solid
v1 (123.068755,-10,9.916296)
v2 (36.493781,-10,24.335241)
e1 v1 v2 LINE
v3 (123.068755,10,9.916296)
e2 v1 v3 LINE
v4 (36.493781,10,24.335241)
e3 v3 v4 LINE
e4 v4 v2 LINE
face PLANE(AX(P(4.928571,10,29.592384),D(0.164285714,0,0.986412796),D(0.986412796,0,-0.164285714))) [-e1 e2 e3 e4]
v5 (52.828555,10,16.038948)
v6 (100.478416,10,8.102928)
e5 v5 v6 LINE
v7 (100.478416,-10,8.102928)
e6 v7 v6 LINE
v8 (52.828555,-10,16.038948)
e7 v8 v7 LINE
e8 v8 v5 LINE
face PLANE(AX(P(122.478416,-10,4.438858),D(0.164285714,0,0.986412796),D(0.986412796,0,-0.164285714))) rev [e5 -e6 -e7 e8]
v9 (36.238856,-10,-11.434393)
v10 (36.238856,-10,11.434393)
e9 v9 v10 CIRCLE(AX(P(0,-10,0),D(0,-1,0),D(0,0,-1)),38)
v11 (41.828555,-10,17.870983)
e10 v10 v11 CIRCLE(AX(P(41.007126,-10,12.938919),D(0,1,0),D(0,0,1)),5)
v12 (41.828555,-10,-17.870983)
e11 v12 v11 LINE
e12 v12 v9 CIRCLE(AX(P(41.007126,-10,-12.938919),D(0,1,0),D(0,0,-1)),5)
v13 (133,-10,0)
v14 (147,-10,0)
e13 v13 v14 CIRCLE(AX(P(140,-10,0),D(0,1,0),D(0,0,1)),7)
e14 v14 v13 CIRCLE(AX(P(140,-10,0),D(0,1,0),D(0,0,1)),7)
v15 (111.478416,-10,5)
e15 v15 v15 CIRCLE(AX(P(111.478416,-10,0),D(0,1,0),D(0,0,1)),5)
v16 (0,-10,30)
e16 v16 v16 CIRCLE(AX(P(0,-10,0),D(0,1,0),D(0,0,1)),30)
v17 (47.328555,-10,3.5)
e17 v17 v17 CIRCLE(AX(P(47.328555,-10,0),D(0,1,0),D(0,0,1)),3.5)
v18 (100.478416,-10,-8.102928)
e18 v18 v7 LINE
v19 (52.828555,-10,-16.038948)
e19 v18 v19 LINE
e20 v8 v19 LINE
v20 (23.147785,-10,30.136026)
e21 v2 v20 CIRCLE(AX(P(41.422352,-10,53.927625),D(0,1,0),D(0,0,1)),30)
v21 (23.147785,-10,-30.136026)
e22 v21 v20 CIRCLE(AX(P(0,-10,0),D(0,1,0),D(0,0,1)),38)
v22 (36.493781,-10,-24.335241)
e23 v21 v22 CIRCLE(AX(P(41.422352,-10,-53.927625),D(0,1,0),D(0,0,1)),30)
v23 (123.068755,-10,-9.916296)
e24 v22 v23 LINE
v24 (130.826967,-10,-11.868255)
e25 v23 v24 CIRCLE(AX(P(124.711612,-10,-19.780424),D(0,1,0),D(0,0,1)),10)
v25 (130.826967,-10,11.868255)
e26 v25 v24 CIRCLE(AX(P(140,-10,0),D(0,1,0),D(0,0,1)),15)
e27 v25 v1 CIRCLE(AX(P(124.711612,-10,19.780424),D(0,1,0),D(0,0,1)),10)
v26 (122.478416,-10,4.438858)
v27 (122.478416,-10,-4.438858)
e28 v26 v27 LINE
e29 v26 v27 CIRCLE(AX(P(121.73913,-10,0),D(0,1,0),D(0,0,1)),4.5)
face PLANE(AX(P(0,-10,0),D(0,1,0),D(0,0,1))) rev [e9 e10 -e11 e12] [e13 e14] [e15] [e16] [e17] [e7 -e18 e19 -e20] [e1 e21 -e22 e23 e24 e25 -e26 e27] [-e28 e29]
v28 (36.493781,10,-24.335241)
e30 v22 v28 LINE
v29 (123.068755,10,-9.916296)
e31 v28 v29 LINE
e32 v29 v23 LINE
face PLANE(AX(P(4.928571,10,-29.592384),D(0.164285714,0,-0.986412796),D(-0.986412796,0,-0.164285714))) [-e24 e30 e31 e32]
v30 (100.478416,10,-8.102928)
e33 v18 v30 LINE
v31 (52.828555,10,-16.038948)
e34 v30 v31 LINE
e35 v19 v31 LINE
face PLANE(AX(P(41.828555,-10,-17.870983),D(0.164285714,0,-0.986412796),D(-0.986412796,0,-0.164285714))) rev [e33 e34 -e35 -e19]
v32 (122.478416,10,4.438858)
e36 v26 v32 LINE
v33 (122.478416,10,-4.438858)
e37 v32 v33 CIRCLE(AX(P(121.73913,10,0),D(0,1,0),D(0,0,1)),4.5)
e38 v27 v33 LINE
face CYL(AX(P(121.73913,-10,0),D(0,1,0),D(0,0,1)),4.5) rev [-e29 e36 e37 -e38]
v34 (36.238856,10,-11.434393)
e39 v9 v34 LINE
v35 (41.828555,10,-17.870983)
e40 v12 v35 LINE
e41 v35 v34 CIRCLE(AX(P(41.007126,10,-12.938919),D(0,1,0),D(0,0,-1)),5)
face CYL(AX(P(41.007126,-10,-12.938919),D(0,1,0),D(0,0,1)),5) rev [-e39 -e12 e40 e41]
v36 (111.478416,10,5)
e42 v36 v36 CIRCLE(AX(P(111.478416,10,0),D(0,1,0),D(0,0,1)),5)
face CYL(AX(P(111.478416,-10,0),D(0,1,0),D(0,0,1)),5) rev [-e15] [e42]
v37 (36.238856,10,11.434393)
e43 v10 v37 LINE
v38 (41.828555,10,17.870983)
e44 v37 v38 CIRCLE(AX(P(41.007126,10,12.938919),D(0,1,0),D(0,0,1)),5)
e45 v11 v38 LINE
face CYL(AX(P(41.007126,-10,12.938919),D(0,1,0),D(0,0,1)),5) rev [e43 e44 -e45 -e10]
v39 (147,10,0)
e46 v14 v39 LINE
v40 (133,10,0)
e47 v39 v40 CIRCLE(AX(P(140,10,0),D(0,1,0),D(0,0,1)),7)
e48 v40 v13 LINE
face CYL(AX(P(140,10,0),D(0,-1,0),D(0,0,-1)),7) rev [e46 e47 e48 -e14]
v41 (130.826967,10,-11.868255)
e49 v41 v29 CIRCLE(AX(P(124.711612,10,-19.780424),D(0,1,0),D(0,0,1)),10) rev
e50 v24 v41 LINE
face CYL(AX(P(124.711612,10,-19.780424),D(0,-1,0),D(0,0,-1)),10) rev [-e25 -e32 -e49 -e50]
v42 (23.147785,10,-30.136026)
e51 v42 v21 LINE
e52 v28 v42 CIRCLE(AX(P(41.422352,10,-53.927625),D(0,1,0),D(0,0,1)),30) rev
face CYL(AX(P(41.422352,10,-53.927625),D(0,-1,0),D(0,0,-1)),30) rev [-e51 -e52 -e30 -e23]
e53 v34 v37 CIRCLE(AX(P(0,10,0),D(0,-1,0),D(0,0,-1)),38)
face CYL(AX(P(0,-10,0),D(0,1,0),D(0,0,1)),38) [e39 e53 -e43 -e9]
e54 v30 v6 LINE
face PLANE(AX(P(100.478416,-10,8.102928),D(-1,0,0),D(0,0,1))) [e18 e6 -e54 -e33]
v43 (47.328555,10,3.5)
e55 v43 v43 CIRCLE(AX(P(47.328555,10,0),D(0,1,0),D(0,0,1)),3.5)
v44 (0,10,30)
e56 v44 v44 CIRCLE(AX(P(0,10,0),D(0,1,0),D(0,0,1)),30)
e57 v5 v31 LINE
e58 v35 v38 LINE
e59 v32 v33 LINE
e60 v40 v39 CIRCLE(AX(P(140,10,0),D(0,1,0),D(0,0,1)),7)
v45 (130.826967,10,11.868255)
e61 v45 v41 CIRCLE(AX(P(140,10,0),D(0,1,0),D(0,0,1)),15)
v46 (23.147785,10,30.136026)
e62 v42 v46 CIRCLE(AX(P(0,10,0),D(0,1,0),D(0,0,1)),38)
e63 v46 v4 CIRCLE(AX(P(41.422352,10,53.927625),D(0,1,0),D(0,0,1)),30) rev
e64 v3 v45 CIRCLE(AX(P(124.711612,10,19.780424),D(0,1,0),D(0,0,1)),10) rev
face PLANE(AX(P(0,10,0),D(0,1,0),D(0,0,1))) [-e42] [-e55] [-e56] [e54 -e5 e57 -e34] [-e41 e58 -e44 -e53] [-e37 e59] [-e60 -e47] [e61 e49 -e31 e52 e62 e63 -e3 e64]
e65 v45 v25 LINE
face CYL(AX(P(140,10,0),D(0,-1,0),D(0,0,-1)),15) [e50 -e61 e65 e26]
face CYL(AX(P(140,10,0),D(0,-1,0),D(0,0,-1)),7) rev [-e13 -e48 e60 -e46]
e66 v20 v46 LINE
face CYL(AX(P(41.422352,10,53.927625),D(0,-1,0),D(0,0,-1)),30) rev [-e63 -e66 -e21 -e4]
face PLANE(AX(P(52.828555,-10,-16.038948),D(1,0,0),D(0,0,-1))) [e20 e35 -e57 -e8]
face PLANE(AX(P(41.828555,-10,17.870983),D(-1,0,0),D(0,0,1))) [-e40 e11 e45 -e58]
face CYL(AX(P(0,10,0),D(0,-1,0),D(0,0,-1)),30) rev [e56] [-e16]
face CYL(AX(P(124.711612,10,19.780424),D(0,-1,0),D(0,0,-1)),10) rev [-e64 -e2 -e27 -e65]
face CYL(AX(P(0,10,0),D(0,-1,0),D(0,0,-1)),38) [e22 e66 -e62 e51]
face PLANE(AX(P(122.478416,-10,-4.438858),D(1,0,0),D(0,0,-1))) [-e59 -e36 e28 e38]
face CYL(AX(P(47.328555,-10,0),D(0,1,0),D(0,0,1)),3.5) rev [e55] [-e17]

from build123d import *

# Parameters (mm, degrees)
SKETCH1_R           = 30
SKETCH1_R_2         = 7
BOSS_EXTRUDE1_DEPTH = 10
FILLET1_R           = 30
FILLET2_R           = 10
CUT_EXTRUDE1_DEPTH  = 21
BOSS_EXTRUDE2_DEPTH = 20
SKETCH4_R           = 3.5
SKETCH4_R_2         = 5
CUT_EXTRUDE2_DEPTH  = 21


with BuildPart() as part:
    # Sketch1 → Boss-Extrude1 (new body, symmetric)
    with BuildSketch(Plane(origin=(0, 0, 0), x_dir=(1, 0, 0), z_dir=(0, 1, 0))):
        with BuildLine():
            Line((27.935473676, 25.760615491), (128.063755469, 9.084385863))
            ThreePointArc((128.063755469, 9.084385863), (155, 0), (128.063755469, -9.084385863))
            Line((128.063755469, -9.084385863), (27.935473676, -25.760615491))
            ThreePointArc((27.935473676, -25.760615491), (-38, 0), (27.935473676, 25.760615491))
        make_face()
        Circle(SKETCH1_R, mode=Mode.SUBTRACT)
        with Locations((140, 0)):
            Circle(SKETCH1_R_2, mode=Mode.SUBTRACT)
    extrude(amount=BOSS_EXTRUDE1_DEPTH, both=True)

    # Fillet1
    fillet1_edges = [part.edges().sort_by_distance(p)[0] for p in [
        (27.935473676, 0, 25.760615491),
        (27.935473676, 0, -25.760615491),
    ]]
    fillet(fillet1_edges, radius=FILLET1_R)

    # Fillet2
    fillet2_edges = [part.edges().sort_by_distance(p)[0] for p in [
        (128.063755469, 0, 9.084385863),
        (128.063755469, 0, -9.084385863),
    ]]
    fillet(fillet2_edges, radius=FILLET2_R)

    # Sketch2 → Cut-Extrude1 (cut, through all)
    with BuildSketch(Plane(origin=(0, 10, 0), x_dir=(1, 0, 0), z_dir=(0, 1, 0))):
        with BuildLine():
            Line((41.828554558, 17.870982725), (122.478416149, 4.438857582))
            ThreePointArc((122.478416149, 4.438857582), (126.239130435, 0), (122.478416149, -4.438857582))
            Line((122.478416149, -4.438857582), (41.828554558, -17.870982725))
            ThreePointArc((41.828554558, -17.870982725), (37.231968897, -16.217361812), (36.238855523, -11.43439331))
            ThreePointArc((36.238855523, -11.43439331), (38, 0), (36.238855523, 11.43439331))
            ThreePointArc((36.238855523, 11.43439331), (37.231968897, 16.217361812), (41.828554558, 17.870982725))
        make_face()
    extrude(amount=-CUT_EXTRUDE1_DEPTH, mode=Mode.SUBTRACT)

    # Sketch3 → Boss-Extrude2 (add)
    with BuildSketch(Plane(origin=(0, 10, 0), x_dir=(1, 0, 0), z_dir=(0, 1, 0))):
        Polygon((100.478416149, 8.102927765), (122.478416149, 4.438857582), (122.478416149, -4.438857582), (100.478416149, -8.102927765), align=None)
        Polygon((41.828554558, 17.870982725), (52.828554558, 16.038947633), (52.828554558, -16.038947633), (41.828554558, -17.870982725), align=None)
    extrude(amount=-BOSS_EXTRUDE2_DEPTH)

    # Sketch4 → Cut-Extrude2 (cut, through all)
    with BuildSketch(Plane(origin=(0, 10, 0), x_dir=(1, 0, 0), z_dir=(0, 1, 0))):
        with Locations((47.328554558, 0)):
            Circle(SKETCH4_R)
        with Locations((111.478416149, 0)):
            Circle(SKETCH4_R_2)
    extrude(amount=-CUT_EXTRUDE2_DEPTH, mode=Mode.SUBTRACT)


solid = part.part
